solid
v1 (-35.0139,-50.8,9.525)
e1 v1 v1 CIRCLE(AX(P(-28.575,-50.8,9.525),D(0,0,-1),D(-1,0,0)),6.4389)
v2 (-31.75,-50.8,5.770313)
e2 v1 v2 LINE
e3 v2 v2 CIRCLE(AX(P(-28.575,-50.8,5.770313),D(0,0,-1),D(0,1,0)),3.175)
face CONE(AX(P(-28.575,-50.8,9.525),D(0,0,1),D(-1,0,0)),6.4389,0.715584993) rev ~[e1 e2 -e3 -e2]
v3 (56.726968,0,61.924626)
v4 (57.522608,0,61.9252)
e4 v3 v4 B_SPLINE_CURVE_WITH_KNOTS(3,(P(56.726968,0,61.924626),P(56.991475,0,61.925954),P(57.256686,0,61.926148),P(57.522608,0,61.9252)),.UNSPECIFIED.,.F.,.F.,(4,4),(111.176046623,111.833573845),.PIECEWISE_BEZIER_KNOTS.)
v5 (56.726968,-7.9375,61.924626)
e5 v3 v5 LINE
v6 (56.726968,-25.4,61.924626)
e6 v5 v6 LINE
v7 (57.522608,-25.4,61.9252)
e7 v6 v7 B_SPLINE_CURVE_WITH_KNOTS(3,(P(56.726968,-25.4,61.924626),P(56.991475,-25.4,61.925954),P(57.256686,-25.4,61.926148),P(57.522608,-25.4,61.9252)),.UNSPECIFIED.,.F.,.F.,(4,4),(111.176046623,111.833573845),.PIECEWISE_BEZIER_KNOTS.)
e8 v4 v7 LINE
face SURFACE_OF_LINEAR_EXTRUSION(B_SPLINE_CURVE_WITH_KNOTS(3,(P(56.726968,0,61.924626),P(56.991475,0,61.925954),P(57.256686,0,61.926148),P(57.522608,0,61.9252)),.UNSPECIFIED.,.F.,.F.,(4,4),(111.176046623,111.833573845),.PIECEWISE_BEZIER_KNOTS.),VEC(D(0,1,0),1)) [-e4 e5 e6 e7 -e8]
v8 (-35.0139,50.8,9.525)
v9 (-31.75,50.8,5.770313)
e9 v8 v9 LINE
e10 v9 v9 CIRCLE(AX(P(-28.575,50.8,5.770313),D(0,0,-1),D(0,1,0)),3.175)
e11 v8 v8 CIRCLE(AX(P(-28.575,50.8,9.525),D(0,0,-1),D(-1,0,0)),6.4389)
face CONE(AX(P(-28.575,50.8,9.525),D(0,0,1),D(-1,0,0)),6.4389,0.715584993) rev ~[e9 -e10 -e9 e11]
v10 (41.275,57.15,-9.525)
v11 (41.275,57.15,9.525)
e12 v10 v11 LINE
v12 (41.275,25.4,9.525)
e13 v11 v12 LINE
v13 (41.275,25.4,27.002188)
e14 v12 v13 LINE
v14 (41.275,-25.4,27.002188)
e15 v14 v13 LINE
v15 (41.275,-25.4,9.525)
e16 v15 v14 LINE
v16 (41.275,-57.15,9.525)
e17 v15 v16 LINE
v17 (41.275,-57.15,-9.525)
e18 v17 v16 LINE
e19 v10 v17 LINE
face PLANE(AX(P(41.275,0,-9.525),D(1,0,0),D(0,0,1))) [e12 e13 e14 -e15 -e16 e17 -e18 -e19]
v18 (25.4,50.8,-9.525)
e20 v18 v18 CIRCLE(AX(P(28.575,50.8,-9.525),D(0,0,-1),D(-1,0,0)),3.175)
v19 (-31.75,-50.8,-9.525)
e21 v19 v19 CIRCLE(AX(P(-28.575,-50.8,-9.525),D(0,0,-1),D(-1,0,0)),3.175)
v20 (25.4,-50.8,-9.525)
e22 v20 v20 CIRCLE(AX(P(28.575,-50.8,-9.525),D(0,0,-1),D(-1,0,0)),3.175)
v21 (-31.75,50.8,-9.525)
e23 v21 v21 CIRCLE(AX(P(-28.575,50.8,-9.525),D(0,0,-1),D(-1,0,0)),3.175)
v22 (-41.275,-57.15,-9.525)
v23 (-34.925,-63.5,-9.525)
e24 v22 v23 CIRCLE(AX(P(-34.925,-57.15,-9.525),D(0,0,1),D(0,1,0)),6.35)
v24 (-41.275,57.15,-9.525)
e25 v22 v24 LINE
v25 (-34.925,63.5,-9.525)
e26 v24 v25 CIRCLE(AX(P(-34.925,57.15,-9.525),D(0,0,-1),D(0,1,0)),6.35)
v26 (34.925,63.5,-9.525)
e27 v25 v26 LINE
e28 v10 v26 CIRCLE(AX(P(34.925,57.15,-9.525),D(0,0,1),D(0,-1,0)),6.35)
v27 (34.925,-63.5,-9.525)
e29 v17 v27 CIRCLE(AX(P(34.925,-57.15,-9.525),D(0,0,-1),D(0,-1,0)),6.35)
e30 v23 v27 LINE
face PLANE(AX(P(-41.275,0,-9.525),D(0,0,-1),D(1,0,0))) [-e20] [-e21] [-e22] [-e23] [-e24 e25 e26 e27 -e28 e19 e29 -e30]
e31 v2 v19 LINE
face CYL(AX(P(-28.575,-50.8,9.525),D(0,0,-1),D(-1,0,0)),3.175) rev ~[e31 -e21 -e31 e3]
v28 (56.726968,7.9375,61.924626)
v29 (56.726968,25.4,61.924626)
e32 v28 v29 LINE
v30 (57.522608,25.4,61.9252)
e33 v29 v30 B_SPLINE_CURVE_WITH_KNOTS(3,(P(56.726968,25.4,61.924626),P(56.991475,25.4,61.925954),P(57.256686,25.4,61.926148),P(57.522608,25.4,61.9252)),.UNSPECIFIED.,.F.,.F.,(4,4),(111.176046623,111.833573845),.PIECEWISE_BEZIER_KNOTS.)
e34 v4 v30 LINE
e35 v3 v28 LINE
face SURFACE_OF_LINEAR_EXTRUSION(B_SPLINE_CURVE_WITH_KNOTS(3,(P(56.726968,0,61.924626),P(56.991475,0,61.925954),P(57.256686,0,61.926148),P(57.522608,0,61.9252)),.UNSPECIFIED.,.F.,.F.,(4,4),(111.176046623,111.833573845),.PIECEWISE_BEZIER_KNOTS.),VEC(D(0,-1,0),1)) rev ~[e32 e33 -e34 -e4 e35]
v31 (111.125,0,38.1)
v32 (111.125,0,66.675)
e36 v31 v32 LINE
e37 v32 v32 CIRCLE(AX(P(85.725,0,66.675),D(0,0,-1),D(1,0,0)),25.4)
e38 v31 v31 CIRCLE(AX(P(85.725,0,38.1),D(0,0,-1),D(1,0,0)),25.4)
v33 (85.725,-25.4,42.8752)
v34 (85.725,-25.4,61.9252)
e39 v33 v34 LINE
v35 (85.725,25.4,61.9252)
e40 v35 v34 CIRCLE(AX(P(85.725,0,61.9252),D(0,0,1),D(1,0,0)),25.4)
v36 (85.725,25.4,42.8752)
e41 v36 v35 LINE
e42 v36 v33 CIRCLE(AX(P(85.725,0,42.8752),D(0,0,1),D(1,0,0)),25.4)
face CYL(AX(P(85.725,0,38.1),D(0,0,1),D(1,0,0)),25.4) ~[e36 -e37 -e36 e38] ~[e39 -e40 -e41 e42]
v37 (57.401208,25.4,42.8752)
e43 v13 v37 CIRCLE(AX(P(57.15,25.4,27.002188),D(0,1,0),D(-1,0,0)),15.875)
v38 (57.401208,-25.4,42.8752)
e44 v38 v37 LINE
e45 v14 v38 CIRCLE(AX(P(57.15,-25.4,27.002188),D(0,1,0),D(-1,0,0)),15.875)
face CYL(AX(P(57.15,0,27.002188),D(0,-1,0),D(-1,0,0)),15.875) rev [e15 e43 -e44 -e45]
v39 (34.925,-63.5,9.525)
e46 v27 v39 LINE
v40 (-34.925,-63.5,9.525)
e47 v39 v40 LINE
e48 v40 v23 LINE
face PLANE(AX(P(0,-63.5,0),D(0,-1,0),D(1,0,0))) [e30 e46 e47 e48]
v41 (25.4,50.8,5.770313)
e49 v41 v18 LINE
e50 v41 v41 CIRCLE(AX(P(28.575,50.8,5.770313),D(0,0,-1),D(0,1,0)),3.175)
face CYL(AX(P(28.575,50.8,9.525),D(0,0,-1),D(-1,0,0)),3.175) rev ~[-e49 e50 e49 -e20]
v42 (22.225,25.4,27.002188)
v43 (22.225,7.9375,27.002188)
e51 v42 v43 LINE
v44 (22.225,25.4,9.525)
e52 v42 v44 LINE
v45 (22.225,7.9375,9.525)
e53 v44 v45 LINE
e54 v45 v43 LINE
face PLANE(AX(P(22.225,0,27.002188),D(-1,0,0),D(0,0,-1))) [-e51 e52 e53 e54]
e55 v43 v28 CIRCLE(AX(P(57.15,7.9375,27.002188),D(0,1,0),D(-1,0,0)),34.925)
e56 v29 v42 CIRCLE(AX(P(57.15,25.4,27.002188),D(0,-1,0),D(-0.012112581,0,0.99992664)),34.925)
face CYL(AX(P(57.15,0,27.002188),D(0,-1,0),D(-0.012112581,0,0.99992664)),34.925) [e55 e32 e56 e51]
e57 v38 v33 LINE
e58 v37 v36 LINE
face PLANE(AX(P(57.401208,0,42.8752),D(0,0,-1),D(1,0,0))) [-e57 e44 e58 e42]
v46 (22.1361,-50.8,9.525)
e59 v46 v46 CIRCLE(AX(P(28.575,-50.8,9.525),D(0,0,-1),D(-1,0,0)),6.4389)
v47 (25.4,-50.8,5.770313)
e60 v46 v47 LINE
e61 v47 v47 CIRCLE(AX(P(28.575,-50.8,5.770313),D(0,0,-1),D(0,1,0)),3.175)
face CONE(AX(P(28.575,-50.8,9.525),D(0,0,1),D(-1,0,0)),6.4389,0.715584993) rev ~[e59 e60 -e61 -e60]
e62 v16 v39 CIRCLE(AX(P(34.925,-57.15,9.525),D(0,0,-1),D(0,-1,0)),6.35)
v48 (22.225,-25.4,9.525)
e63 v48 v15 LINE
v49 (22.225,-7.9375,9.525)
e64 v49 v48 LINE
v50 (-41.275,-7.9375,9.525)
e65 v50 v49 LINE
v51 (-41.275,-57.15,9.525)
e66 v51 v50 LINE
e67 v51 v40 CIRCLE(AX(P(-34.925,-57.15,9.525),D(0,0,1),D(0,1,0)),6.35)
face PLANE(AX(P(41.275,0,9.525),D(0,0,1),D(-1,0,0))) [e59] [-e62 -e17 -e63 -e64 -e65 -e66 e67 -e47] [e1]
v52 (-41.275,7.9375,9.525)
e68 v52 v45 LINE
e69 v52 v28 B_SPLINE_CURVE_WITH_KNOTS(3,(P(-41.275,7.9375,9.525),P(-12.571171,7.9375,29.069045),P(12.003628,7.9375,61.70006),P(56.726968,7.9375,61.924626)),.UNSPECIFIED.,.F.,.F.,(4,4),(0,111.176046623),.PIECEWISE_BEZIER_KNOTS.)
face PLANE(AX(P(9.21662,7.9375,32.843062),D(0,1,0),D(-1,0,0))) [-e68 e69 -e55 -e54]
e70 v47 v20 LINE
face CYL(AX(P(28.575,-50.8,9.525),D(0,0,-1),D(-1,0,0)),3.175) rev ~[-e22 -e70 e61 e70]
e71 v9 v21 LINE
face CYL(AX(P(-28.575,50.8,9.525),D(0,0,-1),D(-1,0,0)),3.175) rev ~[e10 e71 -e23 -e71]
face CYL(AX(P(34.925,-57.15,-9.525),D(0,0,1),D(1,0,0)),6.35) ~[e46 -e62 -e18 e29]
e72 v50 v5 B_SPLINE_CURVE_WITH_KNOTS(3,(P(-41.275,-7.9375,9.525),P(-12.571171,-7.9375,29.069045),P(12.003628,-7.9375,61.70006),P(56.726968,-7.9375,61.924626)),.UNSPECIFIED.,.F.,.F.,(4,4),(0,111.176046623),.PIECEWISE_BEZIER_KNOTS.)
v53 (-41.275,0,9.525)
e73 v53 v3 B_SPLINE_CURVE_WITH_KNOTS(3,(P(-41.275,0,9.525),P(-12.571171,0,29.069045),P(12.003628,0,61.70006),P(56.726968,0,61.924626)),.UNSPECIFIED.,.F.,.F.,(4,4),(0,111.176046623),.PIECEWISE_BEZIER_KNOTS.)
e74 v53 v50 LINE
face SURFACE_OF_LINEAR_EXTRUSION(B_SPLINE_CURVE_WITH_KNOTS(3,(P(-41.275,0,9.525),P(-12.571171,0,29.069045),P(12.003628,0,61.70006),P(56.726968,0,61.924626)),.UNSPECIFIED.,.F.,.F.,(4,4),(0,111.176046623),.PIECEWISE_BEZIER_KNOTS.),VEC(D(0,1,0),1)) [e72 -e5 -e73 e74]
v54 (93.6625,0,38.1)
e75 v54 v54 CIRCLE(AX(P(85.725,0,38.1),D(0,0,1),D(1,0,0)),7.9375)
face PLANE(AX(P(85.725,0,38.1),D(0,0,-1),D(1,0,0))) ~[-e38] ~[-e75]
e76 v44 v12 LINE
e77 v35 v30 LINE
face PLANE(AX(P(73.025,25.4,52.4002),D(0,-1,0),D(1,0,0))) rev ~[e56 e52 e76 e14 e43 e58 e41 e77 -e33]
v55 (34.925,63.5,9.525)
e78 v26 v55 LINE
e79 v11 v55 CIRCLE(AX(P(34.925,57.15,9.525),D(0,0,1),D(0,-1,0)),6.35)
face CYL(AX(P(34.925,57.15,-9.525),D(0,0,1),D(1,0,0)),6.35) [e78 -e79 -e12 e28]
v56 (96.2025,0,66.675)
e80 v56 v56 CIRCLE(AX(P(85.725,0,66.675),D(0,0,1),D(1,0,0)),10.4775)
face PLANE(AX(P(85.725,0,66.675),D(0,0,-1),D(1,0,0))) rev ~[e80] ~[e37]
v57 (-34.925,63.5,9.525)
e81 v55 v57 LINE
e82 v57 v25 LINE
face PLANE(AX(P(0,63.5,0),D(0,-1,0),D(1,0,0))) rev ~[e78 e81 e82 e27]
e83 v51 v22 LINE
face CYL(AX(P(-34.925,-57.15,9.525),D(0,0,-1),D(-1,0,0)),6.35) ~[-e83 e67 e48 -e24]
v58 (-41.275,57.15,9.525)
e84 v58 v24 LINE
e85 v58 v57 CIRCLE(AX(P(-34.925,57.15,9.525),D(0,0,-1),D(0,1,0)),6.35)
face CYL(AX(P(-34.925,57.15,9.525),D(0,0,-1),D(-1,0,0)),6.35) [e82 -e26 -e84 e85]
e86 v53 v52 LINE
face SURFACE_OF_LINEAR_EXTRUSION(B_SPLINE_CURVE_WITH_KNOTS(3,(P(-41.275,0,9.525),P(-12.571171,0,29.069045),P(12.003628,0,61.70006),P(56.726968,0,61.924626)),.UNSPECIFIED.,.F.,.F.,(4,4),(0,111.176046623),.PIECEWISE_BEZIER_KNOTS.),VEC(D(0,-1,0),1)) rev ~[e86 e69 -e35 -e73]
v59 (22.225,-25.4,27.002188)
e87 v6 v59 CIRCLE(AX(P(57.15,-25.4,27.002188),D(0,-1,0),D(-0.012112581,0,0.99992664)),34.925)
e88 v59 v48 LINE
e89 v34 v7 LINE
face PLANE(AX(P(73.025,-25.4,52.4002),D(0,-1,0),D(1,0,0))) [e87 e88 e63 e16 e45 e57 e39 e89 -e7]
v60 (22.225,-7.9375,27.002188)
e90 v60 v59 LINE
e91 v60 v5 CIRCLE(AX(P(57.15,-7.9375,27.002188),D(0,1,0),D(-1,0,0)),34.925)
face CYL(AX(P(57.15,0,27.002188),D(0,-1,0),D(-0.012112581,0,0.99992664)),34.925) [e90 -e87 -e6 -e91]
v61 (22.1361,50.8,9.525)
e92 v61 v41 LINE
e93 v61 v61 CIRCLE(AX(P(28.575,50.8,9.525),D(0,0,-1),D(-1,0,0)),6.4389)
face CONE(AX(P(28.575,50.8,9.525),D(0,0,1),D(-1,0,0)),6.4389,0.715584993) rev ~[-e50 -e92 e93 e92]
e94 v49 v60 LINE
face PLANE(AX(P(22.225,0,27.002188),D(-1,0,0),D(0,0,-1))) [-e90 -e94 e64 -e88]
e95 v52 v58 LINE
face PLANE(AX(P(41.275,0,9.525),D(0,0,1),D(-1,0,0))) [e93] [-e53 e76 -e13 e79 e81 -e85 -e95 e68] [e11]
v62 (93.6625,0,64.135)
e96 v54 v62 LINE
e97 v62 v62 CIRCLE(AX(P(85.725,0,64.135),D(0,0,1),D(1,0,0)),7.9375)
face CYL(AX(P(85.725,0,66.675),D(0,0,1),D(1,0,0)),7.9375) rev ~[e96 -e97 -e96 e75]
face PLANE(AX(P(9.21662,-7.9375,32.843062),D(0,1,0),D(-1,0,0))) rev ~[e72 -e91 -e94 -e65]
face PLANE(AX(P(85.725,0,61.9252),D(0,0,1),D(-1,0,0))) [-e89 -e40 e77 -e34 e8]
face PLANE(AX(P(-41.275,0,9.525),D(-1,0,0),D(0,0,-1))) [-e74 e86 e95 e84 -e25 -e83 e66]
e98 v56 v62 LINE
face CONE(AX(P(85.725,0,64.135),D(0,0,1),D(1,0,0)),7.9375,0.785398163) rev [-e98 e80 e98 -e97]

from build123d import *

# Parameters (mm, degrees)
F1_DEPTH        = 63.5
F0_W            = 25.4
F0_H            = 19.05
F2_DEPTH        = 25.4
F3_DEPTH        = 7.9375
F5_R            = 6.35
F6_R            = 7.9375
F7_DEPTH        = 38.1
F8_SIZE         = 2.54
F10_D           = 6.35
F10_CSINK_D     = 12.8778
F10_CSINK_ANGLE = 82


with BuildPart() as f1:
    # F0 (on Front) → F1 (new body, symmetric)
    with BuildSketch(Plane.XZ):
        Polygon((-41.275, -9.525), (41.275, -9.525), (41.275, 9.525), (22.225, 9.525), (-41.275, 9.525), align=None)
    extrude(amount=F1_DEPTH, both=True)

    # F0 (on Front) → F2 (join, symmetric)
    with BuildSketch(Plane.XZ):
        with Locations((73.025, 52.4002)):
            Rectangle(F0_W, F0_H)
        with BuildLine():
            Line((22.225, 9.525), (41.275, 9.525))
            Line((41.275, 9.525), (41.275, 27.0021876939))
            ThreePointArc((41.275, 27.0021876939), (46.0138493613, 38.3159745909), (57.401207742, 42.8752))
            Line((57.401207742, 42.8752), (60.325, 42.8752))
            Line((60.325, 42.8752), (60.325, 61.9252))
            Line((60.325, 61.9252), (57.5226076573, 61.9252))
            add(Edge.make_bspline(
                [(56.7269681039, 61.9246255958), (56.9914748423, 61.9259537401), (57.2566863526, 61.9261483453), (57.5226076573, 61.9252)],
                knots=[111.1760466233, 111.1760466233, 111.1760466233, 111.1760466233, 111.8335738446, 111.8335738446, 111.8335738446, 111.8335738446], degree=3))
            ThreePointArc((56.7269681039, 61.9246255958), (32.3051814862, 51.5478719991), (22.225, 27.0021876939))
            Line((22.225, 27.0021876939), (22.225, 9.525))
        make_face()
    extrude(amount=F2_DEPTH, both=True)

    # F0 (on Front) → F3 (join, symmetric)
    with BuildSketch(Plane.XZ):
        with BuildLine():
            add(Edge.make_bspline(
                [(-41.275, 9.525), (-12.5711712421, 29.0690447456), (12.0036281031, 61.7000602517), (56.7269681039, 61.9246255958)],
                knots=[0, 0, 0, 0, 111.1760466233, 111.1760466233, 111.1760466233, 111.1760466233], degree=3))
            Line((-41.275, 9.525), (22.225, 9.525))
            Line((22.225, 9.525), (22.225, 27.0021876939))
            ThreePointArc((22.225, 27.0021876939), (32.3051814862, 51.5478719991), (56.7269681039, 61.9246255958))
        make_face()
    extrude(amount=F3_DEPTH, both=True)

    # F0 (on Front) → F4 (revolve)
    with BuildSketch(Plane.XZ):
        Polygon((85.725, 61.9252), (85.725, 42.8752), (85.725, 38.1), (111.125, 38.1), (111.125, 66.675), (85.725, 66.675), align=None)
    revolve(axis=Axis((85.725, 0, 52.3875), (0, 0, -1)))

    # F5
    f5_edges = [f1.edges().sort_by_distance(p)[0] for p in [
        (41.275, -63.5, 0),
        (-41.275, -63.5, 0),
        (-41.275, 63.5, 0),
        (41.275, 63.5, 0),
    ]]
    fillet(f5_edges, radius=F5_R)

    # F6 (on face) → F7 (cut, symmetric)
    with BuildSketch(Plane.XY.offset(66.675)):
        with Locations((85.725, 0)):
            Circle(F6_R)
    extrude(amount=F7_DEPTH, both=True, mode=Mode.SUBTRACT)

    # F8
    f8_edges = [f1.edges().sort_by_distance(p)[0] for p in [
        (77.7875, 0, 66.675),
    ]]
    chamfer(f8_edges, length=F8_SIZE)

    # F10 (through all)
    with Locations(Plane.XY.offset(9.525)):
        with Locations((-28.575, 50.8), (28.575, 50.8), (28.575, -50.8), (-28.575, -50.8)):
            CounterSinkHole(F10_D / 2, F10_CSINK_D / 2, counter_sink_angle=F10_CSINK_ANGLE)


solid = f1.part
